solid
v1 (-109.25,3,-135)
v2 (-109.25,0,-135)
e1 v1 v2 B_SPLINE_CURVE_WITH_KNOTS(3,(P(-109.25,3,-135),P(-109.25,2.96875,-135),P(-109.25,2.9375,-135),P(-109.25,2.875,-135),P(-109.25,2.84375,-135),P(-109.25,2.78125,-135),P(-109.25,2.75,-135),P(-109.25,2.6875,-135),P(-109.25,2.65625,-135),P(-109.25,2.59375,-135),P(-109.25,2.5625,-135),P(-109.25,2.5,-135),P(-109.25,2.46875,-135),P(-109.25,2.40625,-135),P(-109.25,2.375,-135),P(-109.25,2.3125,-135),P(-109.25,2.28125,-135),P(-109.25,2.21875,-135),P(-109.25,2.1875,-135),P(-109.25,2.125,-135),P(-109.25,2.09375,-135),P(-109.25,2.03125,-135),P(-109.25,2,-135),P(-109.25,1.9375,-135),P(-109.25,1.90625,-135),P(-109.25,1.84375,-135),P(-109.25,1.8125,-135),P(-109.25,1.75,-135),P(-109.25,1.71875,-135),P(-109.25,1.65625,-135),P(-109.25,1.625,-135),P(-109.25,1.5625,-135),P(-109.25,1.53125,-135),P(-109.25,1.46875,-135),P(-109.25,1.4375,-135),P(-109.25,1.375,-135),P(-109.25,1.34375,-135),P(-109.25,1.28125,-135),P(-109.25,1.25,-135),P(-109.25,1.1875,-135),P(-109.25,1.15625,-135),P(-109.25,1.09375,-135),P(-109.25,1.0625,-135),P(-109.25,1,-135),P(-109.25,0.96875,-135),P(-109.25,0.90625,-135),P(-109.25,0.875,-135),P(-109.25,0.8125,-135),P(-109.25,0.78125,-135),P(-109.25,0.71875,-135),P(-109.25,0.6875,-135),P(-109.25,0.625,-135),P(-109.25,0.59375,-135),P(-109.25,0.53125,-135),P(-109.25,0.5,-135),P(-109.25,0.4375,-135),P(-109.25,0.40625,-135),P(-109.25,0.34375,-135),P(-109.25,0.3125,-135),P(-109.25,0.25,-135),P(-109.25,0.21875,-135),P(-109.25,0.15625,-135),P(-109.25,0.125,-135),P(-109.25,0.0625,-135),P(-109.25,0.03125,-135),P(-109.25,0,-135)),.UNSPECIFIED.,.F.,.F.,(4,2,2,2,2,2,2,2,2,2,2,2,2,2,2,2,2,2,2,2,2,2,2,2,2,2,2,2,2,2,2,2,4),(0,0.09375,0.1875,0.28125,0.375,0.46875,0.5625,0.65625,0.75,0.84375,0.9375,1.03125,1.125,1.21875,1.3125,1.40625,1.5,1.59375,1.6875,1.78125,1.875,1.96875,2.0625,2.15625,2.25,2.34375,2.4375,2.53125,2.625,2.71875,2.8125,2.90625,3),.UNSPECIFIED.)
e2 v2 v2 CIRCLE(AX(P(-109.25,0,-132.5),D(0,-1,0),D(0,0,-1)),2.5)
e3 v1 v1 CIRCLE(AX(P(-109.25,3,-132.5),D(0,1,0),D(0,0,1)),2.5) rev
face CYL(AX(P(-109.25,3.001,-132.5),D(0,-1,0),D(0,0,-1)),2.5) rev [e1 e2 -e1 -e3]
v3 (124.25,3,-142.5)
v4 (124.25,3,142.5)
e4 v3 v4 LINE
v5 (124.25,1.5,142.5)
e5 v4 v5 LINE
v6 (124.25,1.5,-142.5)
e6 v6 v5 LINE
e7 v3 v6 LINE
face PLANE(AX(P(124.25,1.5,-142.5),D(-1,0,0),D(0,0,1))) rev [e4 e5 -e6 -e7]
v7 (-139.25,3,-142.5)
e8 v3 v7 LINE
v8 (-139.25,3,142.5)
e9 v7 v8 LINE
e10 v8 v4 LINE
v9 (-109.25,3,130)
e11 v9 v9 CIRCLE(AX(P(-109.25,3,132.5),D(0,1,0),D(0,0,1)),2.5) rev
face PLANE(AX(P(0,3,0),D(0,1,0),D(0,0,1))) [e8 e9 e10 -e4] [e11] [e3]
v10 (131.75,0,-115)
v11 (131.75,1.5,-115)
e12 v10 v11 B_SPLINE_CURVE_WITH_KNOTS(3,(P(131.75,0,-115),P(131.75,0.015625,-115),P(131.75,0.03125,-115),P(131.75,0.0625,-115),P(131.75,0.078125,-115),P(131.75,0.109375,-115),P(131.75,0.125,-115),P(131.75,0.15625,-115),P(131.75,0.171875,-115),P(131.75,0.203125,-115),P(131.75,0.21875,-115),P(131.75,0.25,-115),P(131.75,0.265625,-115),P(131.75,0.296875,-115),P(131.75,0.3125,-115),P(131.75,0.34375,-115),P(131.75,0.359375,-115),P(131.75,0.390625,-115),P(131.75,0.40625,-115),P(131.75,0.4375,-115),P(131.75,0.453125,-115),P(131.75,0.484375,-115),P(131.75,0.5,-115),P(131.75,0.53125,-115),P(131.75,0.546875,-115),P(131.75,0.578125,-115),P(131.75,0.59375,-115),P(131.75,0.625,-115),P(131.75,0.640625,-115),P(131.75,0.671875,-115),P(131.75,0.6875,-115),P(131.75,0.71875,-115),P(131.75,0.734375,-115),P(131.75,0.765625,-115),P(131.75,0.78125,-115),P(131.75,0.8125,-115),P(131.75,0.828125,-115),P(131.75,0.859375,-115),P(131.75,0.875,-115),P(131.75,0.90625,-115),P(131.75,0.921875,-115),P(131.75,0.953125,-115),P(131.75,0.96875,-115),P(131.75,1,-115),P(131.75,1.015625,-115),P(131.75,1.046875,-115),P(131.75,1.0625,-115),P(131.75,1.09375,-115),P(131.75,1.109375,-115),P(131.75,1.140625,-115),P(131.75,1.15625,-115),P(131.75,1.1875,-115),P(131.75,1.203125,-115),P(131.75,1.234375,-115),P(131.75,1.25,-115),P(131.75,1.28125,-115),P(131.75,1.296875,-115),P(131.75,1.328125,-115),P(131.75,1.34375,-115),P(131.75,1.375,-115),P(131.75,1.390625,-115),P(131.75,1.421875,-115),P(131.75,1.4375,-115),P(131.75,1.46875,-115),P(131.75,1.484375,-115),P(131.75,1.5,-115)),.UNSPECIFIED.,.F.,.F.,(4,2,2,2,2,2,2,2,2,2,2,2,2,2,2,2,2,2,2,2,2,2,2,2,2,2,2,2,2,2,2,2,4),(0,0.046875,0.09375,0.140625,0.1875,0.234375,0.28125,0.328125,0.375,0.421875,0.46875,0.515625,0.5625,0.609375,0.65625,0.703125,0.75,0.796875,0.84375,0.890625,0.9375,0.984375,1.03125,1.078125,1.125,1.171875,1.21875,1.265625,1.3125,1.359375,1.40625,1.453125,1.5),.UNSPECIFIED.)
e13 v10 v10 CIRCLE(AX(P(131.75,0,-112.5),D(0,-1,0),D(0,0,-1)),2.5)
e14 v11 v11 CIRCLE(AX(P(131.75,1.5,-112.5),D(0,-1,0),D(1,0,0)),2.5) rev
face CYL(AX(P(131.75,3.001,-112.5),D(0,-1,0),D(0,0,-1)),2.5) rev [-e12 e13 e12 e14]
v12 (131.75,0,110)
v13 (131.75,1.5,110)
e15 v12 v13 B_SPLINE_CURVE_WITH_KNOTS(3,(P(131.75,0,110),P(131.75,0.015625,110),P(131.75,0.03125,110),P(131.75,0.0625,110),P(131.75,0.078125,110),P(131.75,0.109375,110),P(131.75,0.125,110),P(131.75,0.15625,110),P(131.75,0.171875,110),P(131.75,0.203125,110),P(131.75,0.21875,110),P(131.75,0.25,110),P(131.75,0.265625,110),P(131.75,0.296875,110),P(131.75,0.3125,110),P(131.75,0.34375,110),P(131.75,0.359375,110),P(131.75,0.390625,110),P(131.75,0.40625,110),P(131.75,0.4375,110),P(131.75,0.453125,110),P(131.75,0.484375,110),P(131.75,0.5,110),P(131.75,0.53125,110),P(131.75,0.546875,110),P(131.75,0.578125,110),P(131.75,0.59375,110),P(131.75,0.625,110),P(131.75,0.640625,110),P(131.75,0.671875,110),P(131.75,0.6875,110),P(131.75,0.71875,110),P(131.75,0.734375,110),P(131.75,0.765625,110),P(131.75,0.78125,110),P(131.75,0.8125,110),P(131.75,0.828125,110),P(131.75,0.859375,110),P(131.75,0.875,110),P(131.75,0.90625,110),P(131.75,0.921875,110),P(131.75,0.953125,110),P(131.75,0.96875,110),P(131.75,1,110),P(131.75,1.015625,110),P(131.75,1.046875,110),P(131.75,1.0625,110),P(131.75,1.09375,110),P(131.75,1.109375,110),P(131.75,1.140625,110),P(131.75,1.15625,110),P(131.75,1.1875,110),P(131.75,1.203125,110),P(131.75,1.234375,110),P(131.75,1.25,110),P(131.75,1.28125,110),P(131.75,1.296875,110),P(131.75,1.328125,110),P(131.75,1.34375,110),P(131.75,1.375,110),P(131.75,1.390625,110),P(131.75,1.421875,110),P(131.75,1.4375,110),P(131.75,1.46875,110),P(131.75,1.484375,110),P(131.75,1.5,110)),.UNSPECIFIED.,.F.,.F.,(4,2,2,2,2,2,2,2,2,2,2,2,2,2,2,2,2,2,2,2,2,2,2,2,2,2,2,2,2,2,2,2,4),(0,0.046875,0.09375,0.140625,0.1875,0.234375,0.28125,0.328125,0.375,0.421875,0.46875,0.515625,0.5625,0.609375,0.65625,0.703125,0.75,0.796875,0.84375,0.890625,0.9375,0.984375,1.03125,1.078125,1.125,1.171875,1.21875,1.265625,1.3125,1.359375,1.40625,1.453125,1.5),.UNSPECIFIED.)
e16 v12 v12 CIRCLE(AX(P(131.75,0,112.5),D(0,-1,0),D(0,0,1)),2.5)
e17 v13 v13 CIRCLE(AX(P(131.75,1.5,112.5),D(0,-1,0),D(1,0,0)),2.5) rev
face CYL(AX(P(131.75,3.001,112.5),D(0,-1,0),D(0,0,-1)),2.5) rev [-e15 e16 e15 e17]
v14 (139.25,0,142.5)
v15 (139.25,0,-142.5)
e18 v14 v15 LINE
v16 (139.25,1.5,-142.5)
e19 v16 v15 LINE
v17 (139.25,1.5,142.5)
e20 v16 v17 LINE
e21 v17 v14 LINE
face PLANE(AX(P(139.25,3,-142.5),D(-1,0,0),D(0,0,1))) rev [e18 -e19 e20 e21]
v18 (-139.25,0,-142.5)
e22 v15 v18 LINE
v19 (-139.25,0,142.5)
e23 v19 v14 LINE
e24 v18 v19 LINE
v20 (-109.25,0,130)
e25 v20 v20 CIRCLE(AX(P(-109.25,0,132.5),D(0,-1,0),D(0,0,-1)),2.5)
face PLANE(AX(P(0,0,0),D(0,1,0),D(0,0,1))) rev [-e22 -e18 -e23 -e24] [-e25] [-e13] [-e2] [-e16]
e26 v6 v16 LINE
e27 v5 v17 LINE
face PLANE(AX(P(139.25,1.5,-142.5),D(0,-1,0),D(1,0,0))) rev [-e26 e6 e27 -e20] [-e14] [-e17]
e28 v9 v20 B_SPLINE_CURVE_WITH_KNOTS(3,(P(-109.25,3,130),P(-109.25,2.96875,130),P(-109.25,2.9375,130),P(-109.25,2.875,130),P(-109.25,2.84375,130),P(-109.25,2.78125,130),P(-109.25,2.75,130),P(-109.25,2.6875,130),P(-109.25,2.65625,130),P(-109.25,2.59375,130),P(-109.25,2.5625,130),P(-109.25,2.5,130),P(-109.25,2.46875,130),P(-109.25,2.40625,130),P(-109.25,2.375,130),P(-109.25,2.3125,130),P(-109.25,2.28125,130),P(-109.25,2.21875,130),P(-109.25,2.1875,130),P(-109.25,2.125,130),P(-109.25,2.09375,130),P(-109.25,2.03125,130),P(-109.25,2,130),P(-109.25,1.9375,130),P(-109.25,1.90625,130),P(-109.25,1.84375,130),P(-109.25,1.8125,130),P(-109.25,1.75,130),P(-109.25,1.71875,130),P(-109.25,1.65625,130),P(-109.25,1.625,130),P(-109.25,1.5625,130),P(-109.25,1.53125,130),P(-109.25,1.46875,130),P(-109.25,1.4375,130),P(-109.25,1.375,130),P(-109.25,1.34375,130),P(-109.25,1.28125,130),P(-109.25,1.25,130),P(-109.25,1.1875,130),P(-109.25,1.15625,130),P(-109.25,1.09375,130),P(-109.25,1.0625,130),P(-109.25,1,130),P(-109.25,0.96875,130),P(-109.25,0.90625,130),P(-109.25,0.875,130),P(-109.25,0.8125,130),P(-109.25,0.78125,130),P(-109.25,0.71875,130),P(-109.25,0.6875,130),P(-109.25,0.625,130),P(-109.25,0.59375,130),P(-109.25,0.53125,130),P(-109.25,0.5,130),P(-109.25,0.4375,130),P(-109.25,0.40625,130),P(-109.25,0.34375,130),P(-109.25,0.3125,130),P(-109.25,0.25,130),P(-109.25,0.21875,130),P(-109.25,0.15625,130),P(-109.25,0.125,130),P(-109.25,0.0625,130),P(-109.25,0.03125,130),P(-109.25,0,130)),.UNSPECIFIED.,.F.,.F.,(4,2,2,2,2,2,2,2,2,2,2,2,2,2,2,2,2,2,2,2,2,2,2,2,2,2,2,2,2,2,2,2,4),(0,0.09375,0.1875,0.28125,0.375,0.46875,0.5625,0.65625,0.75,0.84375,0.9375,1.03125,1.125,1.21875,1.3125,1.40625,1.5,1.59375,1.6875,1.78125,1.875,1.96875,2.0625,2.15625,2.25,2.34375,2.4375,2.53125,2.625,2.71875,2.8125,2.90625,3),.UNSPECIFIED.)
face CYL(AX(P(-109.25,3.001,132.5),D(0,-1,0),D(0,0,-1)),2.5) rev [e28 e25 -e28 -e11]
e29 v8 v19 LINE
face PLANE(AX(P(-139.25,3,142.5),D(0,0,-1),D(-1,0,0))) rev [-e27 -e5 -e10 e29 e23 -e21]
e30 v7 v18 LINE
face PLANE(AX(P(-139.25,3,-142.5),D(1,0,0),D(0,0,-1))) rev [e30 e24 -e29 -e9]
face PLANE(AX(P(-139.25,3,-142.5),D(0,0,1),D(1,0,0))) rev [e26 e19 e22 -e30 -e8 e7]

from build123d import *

# Parameters (mm, degrees)
SKETCH1_W           = 278.5
SKETCH1_H           = 285
BOSS_EXTRUDE1_DEPTH = 3
SKETCH2_W           = 15
SKETCH2_H           = 1.5
CUT_EXTRUDE1_DEPTH  = 318.213748914
CUT_EXTRUDE3_REACH  = 201.263
SKETCH4_R           = 2.5
CUT_EXTRUDE4_REACH  = 201.263
SKETCH5_R           = 2.5


with BuildPart() as part:
    # Sketch1 → Boss-Extrude1 (new body)
    with BuildSketch(Plane(origin=(0, 0, 0), x_dir=(1, 0, 0), z_dir=(0, 1, 0))):
        Rectangle(SKETCH1_W, SKETCH1_H)
    extrude(amount=BOSS_EXTRUDE1_DEPTH)

    # Sketch2 → Cut-Extrude1 (cut, through all)
    with BuildSketch(Plane.XY.offset(142.5)):
        with Locations((131.75, 2.25)):
            Rectangle(SKETCH2_W, SKETCH2_H)
    extrude(amount=-CUT_EXTRUDE1_DEPTH, mode=Mode.SUBTRACT)

    # Sketch4 → Cut-Extrude3 (cut, up to next)
    with BuildSketch(Plane.XZ, mode=Mode.PRIVATE) as cut_extrude3_sk1:
        with Locations(Location((-109.25, -132.5, 0), (0, 0, 270))):
            Circle(SKETCH4_R)
    cut_extrude3_tool1 = extrude(cut_extrude3_sk1.sketch, amount=-CUT_EXTRUDE3_REACH, mode=Mode.PRIVATE) & part.part
    # Sketch4 → Cut-Extrude3 (cut, up to next)
    with BuildSketch(Plane.XZ, mode=Mode.PRIVATE) as cut_extrude3_sk2:
        with Locations(Location((-109.25, 132.5, 0), (0, 0, 270))):
            Circle(SKETCH4_R)
    cut_extrude3_tool2 = extrude(cut_extrude3_sk2.sketch, amount=-CUT_EXTRUDE3_REACH, mode=Mode.PRIVATE) & part.part
    add(cut_extrude3_tool1.solids().sort_by_distance((-109.25, 0, -132.5))[0], mode=Mode.SUBTRACT)
    add(cut_extrude3_tool2.solids().sort_by_distance((-109.25, 0, 132.5))[0], mode=Mode.SUBTRACT)

    # Sketch5 → Cut-Extrude4 (cut, up to next)
    with BuildSketch(Plane.XZ, mode=Mode.PRIVATE) as cut_extrude4_sk1:
        with Locations(Location((131.75, -112.5, 0), (0, 0, 270))):
            Circle(SKETCH5_R)
    cut_extrude4_tool1 = extrude(cut_extrude4_sk1.sketch, amount=-CUT_EXTRUDE4_REACH, mode=Mode.PRIVATE) & part.part
    # Sketch5 → Cut-Extrude4 (cut, up to next)
    with BuildSketch(Plane.XZ, mode=Mode.PRIVATE) as cut_extrude4_sk2:
        with Locations(Location((131.75, 112.5, 0), (0, 0, 270))):
            Circle(SKETCH5_R)
    cut_extrude4_tool2 = extrude(cut_extrude4_sk2.sketch, amount=-CUT_EXTRUDE4_REACH, mode=Mode.PRIVATE) & part.part
    add(cut_extrude4_tool1.solids().sort_by_distance((131.75, 0, -112.5))[0], mode=Mode.SUBTRACT)
    add(cut_extrude4_tool2.solids().sort_by_distance((131.75, 0, 112.5))[0], mode=Mode.SUBTRACT)


solid = part.part
